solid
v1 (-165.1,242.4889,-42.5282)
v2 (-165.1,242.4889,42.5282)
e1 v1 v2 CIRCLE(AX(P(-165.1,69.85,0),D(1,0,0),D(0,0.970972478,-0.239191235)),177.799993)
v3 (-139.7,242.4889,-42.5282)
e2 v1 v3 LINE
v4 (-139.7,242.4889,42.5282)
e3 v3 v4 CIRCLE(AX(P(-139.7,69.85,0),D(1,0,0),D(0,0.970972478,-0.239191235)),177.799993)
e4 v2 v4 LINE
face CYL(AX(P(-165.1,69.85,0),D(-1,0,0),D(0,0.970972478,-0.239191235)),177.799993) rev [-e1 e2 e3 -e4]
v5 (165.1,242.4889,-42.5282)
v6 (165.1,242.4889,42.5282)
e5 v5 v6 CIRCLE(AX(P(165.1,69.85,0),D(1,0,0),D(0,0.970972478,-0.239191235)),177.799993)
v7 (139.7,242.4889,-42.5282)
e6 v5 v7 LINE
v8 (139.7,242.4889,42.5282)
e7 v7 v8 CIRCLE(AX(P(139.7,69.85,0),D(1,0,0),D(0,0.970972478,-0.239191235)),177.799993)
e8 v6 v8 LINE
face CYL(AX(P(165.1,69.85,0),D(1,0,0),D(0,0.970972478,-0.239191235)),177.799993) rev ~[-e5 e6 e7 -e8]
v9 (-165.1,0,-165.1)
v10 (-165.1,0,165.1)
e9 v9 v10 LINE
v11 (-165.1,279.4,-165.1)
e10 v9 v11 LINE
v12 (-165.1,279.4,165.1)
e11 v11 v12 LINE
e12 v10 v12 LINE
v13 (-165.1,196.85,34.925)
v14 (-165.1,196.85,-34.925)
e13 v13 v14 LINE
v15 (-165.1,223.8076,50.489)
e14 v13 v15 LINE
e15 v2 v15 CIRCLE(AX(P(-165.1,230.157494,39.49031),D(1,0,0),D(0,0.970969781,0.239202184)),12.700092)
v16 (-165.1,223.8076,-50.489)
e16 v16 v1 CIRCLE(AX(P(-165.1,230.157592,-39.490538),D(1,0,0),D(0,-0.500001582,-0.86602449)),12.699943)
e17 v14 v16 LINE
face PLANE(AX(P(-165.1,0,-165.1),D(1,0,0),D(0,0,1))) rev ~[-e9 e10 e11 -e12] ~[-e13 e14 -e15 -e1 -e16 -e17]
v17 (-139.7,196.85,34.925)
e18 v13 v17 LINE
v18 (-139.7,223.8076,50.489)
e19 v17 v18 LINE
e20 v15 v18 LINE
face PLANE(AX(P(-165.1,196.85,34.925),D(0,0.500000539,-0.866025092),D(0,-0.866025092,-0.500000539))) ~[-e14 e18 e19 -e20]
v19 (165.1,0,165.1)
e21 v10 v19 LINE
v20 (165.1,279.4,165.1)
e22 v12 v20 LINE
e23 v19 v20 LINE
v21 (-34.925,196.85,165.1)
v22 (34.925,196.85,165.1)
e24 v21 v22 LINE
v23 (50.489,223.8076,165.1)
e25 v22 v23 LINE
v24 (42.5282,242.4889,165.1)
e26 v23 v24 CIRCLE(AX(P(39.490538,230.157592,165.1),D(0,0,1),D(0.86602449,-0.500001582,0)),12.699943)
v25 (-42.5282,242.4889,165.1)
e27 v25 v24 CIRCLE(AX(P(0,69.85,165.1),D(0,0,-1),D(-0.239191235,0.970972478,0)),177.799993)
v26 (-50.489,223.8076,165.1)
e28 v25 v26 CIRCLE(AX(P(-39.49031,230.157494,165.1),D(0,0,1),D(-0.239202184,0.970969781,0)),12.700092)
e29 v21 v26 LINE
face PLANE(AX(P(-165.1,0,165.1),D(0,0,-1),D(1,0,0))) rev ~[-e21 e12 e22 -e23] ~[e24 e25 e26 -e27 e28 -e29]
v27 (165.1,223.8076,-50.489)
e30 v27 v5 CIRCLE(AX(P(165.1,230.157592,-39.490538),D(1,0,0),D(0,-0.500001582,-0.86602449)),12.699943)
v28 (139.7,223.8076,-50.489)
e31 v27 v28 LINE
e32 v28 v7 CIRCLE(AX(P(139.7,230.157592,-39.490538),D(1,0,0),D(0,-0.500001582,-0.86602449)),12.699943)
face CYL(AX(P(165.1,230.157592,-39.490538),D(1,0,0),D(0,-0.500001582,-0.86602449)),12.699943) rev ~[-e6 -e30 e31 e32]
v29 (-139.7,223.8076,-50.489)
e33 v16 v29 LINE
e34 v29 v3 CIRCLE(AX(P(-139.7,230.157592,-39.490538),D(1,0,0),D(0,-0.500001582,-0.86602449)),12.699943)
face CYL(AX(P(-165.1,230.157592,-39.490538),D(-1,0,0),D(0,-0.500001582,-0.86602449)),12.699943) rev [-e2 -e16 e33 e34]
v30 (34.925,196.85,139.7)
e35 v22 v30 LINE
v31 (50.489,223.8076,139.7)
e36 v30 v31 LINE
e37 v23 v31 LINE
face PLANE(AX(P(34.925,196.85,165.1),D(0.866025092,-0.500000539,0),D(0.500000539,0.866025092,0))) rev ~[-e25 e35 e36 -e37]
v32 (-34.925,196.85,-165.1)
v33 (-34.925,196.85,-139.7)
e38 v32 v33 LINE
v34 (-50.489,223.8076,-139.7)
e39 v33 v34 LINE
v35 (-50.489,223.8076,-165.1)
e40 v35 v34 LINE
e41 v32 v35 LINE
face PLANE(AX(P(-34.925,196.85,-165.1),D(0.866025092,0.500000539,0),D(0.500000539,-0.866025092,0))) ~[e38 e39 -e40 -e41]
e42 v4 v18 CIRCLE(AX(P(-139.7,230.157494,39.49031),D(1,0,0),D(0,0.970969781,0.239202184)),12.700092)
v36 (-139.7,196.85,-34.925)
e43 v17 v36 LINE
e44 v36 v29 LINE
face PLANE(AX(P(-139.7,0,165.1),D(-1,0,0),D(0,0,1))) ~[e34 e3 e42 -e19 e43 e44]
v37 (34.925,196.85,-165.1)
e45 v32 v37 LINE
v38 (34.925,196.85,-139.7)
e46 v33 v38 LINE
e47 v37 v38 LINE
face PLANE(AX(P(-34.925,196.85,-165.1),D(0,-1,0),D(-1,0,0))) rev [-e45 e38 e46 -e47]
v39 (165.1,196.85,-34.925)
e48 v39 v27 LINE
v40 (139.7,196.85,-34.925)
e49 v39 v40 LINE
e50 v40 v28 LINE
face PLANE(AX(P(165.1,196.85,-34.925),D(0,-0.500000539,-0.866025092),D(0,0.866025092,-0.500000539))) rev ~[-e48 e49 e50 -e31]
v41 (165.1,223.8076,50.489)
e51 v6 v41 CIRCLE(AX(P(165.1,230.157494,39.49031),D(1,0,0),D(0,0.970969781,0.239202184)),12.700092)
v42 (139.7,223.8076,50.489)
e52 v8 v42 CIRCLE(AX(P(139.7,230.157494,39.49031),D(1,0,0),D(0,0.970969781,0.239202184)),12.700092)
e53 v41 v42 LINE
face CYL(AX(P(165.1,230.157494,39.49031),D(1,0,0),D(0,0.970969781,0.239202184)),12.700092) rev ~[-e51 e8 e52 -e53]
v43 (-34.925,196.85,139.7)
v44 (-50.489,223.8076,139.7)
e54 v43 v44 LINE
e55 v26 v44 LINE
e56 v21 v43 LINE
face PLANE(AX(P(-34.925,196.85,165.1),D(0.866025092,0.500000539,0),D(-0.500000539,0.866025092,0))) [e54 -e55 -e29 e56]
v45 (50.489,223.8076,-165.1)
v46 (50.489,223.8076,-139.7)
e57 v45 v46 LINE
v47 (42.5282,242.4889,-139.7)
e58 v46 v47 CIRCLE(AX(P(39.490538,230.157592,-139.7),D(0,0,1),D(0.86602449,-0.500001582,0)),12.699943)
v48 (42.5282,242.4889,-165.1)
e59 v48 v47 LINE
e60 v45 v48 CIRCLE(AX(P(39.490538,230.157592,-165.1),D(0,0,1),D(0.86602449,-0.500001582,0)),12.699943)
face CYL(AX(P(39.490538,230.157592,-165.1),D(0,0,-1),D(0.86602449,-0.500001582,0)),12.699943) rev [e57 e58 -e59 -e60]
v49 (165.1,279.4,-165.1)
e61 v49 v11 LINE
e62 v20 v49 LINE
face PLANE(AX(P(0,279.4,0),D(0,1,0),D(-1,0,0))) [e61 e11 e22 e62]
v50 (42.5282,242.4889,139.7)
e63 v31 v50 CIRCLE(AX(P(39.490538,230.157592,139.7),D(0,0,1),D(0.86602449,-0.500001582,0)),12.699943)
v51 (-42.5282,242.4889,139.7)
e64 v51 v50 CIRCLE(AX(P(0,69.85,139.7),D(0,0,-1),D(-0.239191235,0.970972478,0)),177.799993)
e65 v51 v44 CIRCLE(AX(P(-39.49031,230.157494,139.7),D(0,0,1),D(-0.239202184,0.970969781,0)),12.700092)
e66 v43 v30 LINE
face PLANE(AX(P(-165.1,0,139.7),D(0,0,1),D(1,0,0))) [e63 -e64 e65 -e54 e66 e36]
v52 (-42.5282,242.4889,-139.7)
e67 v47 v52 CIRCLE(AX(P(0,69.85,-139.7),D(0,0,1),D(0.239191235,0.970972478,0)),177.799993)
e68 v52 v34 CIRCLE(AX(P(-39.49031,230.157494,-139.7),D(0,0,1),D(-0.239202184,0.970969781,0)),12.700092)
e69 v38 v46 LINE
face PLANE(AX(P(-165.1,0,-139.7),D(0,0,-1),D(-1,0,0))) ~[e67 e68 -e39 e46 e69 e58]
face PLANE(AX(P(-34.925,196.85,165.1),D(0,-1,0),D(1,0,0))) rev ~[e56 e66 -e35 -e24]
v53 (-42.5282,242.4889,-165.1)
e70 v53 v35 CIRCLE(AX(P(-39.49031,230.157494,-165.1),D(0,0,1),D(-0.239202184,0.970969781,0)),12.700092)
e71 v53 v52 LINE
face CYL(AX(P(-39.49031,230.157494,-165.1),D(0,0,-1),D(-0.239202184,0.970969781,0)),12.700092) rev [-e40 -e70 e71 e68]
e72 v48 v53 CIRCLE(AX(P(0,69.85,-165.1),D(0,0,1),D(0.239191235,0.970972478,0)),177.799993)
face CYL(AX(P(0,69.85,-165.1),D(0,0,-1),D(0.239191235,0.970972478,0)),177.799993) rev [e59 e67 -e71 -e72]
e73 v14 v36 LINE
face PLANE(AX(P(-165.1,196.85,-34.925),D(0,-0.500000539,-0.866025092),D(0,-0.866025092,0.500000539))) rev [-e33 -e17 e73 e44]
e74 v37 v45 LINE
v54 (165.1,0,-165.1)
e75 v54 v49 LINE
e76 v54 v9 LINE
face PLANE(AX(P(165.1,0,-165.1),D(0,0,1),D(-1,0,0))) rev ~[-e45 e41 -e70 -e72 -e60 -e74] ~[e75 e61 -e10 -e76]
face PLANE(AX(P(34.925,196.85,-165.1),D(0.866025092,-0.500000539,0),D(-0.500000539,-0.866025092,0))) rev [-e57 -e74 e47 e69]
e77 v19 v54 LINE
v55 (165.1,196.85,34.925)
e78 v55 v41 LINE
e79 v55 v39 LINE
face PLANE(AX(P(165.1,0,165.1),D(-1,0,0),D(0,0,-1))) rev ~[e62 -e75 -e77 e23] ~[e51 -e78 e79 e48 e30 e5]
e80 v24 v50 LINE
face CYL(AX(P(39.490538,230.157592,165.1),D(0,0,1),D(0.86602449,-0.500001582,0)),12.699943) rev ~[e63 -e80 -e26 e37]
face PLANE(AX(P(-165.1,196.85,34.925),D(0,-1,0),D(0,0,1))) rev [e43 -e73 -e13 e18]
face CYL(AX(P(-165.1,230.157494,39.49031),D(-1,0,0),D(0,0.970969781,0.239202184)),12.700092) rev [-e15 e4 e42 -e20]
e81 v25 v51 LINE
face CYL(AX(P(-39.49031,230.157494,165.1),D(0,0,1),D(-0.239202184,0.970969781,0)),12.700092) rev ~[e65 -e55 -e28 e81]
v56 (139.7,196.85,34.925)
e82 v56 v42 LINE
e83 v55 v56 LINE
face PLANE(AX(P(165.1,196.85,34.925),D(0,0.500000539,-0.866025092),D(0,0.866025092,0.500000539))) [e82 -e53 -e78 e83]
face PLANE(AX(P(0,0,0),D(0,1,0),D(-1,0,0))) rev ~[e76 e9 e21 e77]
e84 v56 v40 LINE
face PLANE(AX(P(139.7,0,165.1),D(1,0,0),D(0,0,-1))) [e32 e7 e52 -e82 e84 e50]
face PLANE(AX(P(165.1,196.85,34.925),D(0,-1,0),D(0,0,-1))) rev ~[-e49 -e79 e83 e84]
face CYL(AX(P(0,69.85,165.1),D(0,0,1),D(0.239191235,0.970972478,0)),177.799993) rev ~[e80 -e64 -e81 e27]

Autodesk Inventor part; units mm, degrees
sketch "Sketch1" plane through (0, 0, 0) normal (0, 1, 0) x (-1, 0, 0)
  line L0 (165.1, 165.1) -> (-165.1, 165.1)
  line L1 (-165.1, 165.1) -> (-165.1, -165.1)
  line L2 (-165.1, -165.1) -> (165.1, -165.1)
  line L3 (165.1, -165.1) -> (165.1, 165.1)
  point P0 (0, 0)
  dimension "d0" = 330.2
  dimension "d1" = 330.2
  dimension "d2" = 165.1
  dimension "d3" = 165.1
extrude "Extrusion1" add sketch "Sketch1" along normal blind 279.4
sketch "Sketch2" plane through (-165.1, 0, 165.1) normal (0, 0, 1) x (1, 0, 0)
  line L0 (0, 279.4) -> (330.2, 279.4) projected
  line L1 (165.1, 279.4) -> (165.1, 247.65)
  arc A0 (207.6282, 242.4889) -> (122.5718, 242.4889) centre (165.1, 69.85) ccw
  line L2 (130.175, 196.85) -> (200.025, 196.85)
  line L3 (200.025, 196.85) -> (215.589, 223.8076)
  line L4 (130.175, 196.85) -> (114.611, 223.8076)
  arc A1 (122.5718, 242.4889) -> (114.611, 223.8076) centre (125.6096, 230.1576) ccw
  arc A2 (215.589, 223.8076) -> (207.6282, 242.4889) centre (204.5904, 230.1576) ccw
  point P0 (165.1, 0)
  dimension "d6" = 31.75
  dimension "d8" = 177.8
  dimension "d10" = 0
  dimension "d11" = 69.85
  dimension "d12" = 34.925
  dimension "d13" = 50.8
  dimension "d16" = 120
  dimension "d17" = 120
  dimension "d18" = 12.7
extrude "Extrusion2" cut sketch "Sketch2" against normal blind 25.4
sketch "Sketch3" plane through (165.1, 0, 165.1) normal (1, 0, 0) x (0, 0, -1)
  arc A0 (207.6282, 242.4889) -> (122.5718, 242.4889) centre (165.1, 69.85) ccw
  line L0 (130.175, 196.85) -> (200.025, 196.85)
  line L1 (200.025, 196.85) -> (215.589, 223.8076)
  line L2 (130.175, 196.85) -> (114.611, 223.8076)
  arc A1 (122.5718, 242.4889) -> (114.611, 223.8076) centre (125.6096, 230.1576) ccw
  arc A2 (215.589, 223.8076) -> (207.6282, 242.4889) centre (204.5904, 230.1576) ccw
  line L3 (0, 279.4) -> (330.2, 279.4) projected
  point P0 (165.1, 0)
  point P1 (165.1, 247.65)
  dimension "d21" = 177.8
  dimension "d22" = 69.85
  dimension "d23" = 50.8
  dimension "d24" = 120
  dimension "d25" = 120
  dimension "d26" = 12.7
  dimension "d27" = 31.75
  dimension "d28" = 34.925
extrude "Extrusion3" cut sketch "Sketch3" against normal blind 25.4
mirror "Mirror1" about plane through (0, 0, 0) normal (0, 0, 1) of "Extrusion2"
mirror "Mirror2" about plane through (0, 0, 0) normal (1, 0, 0) of "Extrusion3"
equation "\"d12\" = 0.5 * d11"
properties part number "POWER CUBE  1-9-2018"
